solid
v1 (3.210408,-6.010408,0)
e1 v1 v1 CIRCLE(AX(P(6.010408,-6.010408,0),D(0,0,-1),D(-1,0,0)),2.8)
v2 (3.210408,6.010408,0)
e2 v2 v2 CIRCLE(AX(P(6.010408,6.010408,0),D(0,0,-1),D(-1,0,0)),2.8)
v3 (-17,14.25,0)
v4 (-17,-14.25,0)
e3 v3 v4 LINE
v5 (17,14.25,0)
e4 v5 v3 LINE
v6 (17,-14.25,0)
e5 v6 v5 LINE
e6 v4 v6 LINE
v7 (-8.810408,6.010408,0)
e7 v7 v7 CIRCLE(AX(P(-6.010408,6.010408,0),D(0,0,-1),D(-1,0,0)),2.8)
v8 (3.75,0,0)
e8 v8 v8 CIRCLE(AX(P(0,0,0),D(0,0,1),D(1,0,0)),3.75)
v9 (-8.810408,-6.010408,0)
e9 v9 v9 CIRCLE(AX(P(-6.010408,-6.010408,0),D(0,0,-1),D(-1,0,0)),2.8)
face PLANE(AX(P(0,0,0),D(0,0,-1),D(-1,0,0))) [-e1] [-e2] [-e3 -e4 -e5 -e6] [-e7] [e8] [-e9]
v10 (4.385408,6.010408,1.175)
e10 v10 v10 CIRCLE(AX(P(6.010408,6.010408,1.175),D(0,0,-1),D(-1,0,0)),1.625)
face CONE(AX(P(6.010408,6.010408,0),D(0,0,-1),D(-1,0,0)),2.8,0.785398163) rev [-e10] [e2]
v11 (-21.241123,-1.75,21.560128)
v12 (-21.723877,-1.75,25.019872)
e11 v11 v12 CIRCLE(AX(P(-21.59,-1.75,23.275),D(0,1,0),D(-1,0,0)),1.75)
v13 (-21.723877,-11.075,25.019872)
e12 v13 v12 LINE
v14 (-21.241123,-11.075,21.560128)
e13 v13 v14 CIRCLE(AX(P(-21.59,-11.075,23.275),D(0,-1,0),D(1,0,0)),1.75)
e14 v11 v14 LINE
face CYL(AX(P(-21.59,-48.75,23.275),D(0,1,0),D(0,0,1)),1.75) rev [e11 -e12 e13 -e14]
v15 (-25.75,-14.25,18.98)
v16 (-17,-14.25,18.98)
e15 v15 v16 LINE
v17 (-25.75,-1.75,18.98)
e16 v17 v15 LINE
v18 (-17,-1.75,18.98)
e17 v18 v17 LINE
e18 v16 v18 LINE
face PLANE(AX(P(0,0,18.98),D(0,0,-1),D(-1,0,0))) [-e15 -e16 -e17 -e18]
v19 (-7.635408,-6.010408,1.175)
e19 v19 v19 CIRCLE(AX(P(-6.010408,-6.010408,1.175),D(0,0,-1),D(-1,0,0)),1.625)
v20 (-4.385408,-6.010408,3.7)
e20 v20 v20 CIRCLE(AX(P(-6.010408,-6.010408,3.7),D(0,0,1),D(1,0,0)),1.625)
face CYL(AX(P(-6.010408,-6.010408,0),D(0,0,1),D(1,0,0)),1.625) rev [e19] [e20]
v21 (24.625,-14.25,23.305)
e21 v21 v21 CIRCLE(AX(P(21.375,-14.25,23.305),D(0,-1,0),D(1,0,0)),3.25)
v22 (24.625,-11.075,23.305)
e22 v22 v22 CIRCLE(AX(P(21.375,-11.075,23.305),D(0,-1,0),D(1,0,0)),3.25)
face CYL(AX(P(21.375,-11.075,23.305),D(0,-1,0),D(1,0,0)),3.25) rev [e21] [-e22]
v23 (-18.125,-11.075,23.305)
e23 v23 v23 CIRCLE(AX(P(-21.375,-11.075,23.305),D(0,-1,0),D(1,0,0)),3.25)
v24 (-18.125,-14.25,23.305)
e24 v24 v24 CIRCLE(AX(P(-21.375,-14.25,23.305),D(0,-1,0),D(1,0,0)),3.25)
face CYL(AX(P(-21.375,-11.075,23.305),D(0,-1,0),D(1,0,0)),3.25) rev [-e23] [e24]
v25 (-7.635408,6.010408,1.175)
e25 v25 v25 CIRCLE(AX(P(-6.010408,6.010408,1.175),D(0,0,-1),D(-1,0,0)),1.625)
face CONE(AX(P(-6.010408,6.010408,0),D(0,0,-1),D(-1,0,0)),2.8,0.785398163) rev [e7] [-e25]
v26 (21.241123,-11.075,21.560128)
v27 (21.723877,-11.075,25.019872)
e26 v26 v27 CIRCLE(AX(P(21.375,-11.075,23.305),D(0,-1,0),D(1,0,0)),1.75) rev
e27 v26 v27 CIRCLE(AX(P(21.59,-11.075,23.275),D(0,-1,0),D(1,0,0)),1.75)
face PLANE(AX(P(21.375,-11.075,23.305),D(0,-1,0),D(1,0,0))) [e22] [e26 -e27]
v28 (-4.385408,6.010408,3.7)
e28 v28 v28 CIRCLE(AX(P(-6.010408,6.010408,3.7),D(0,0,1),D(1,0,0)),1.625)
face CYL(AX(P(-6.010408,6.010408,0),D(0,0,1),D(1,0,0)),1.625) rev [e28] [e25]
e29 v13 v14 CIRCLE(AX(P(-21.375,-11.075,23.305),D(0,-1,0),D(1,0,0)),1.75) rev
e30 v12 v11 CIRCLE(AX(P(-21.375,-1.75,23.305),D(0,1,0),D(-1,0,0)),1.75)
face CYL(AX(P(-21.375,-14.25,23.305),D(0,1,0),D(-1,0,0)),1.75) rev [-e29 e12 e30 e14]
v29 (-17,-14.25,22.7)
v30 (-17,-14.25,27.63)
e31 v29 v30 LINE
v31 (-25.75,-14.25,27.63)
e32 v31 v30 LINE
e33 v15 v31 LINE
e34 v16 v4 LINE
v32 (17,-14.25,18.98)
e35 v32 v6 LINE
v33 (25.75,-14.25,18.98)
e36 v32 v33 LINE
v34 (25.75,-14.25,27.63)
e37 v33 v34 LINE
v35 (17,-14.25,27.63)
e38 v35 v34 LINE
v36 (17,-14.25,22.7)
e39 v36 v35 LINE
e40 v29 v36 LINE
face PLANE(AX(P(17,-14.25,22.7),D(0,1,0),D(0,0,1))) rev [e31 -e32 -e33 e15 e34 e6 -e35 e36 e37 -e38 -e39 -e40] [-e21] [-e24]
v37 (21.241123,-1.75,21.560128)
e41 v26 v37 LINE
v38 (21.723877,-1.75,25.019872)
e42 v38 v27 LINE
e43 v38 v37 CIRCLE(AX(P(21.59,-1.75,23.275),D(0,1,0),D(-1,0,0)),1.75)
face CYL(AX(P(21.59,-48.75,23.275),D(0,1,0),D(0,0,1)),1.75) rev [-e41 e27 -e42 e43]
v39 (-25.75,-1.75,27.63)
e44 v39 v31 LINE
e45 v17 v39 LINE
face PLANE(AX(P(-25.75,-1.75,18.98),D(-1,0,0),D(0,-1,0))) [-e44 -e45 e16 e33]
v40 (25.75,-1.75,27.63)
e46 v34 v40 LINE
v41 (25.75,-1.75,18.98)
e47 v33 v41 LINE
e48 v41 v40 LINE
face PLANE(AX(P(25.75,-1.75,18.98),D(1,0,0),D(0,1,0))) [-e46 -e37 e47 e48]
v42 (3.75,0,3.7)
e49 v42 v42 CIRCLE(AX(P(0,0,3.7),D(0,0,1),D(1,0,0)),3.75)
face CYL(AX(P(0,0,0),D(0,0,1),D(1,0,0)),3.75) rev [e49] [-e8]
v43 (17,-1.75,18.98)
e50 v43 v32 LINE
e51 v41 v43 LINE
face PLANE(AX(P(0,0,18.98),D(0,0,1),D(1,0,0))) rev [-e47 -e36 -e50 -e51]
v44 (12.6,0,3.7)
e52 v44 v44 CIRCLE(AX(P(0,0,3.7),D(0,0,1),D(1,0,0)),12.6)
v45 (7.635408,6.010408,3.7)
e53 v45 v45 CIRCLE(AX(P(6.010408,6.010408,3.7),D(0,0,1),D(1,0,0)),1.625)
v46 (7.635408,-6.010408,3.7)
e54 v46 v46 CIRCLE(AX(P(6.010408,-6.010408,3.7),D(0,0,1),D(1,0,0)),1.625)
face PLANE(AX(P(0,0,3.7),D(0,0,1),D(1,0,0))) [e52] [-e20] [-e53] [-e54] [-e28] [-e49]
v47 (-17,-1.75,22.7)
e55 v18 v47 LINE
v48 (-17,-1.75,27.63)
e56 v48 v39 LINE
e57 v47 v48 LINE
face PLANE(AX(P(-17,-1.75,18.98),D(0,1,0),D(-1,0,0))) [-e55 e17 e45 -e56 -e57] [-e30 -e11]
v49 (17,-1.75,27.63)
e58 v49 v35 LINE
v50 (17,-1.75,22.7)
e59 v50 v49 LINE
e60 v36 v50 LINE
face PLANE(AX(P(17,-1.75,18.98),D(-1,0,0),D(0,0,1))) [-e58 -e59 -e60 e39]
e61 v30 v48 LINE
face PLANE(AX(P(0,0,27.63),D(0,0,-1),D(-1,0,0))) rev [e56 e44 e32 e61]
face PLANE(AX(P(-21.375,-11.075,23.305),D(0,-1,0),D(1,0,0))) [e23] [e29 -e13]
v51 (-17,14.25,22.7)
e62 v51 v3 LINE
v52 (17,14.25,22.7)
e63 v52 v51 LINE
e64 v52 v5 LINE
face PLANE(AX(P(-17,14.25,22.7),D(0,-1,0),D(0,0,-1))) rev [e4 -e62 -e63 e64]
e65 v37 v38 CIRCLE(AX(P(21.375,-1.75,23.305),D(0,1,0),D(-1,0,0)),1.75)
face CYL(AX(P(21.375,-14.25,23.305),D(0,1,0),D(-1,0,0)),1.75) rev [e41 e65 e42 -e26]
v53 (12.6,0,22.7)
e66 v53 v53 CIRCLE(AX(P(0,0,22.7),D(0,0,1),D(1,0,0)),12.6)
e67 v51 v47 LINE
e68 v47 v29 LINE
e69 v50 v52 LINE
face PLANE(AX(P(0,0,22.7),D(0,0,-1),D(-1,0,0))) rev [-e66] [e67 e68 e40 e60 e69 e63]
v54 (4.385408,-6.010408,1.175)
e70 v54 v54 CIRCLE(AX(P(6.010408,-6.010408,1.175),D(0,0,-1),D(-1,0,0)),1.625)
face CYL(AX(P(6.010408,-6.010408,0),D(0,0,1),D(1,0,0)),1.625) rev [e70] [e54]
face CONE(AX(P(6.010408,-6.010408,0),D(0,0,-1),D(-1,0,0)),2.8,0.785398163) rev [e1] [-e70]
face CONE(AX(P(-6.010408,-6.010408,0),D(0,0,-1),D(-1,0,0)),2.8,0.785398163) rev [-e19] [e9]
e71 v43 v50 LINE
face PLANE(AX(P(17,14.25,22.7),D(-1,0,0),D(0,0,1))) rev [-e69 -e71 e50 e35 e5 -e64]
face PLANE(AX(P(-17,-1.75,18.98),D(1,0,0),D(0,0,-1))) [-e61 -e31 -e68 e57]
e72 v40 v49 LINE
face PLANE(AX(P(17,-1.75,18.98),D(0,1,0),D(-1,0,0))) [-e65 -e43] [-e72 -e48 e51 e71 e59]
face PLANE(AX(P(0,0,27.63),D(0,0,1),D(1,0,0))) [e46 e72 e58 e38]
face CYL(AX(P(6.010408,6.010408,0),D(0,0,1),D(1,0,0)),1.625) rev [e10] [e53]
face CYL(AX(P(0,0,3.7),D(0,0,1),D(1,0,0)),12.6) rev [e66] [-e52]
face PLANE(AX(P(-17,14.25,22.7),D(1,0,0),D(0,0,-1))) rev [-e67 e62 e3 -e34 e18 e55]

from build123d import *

# Parameters (mm, degrees)
SKETCH1_W                = 34
SKETCH1_H                = 28.5
BOSS_EXTRUDE1_DEPTH      = 22.7
SKETCH3_R                = 12.6
CUT_EXTRUDE1_DEPTH       = 19
SKETCH5_R                = 1.625
SKETCH5_R_2              = 3.75
CUT_EXTRUDE2_DEPTH       = 30.207233693
BOSS_EXTRUDE2_DEPTH      = 4.93
BOSS_EXTRUDE2_DEPTH_BACK = 3.72
SKETCH7_W                = 8.75
SKETCH7_H                = 12.5
SKETCH8_R                = 1.75
CUT_EXTRUDE3_DEPTH       = 42.018037496
SKETCH9_R                = 3.25
CUT_EXTRUDE4_DEPTH       = 3.175
SKETCH14_R               = 1.75
CUT_EXTRUDE8_DEPTH       = 50


with BuildPart() as part:
    # Sketch1 → Boss-Extrude1 (new body)
    with BuildSketch(Plane.XY):
        Rectangle(SKETCH1_W, SKETCH1_H)
    extrude(amount=BOSS_EXTRUDE1_DEPTH)

    # Sketch3 → Cut-Extrude1 (cut)
    with BuildSketch(Plane.XY.offset(22.7)):
        Circle(SKETCH3_R)
    extrude(amount=-CUT_EXTRUDE1_DEPTH, mode=Mode.SUBTRACT)

    # Sketch5 → Cut-Extrude2 (cut, through all)
    with BuildSketch(Plane.XY.offset(3.7)):
        with Locations((6.01040764, 6.01040764)):
            Circle(SKETCH5_R)
        with Locations((-6.01040764, 6.01040764)):
            Circle(SKETCH5_R)
        with Locations((6.01040764, -6.01040764)):
            Circle(SKETCH5_R)
        with Locations((-6.01040764, -6.01040764)):
            Circle(SKETCH5_R)
        Circle(SKETCH5_R_2)
    extrude(amount=-CUT_EXTRUDE2_DEPTH, mode=Mode.SUBTRACT)

    # Sketch7 → Boss-Extrude2 (add, two sides: drawn at the far end of the back side and taken through both)
    with BuildSketch(Plane.XY.offset(22.7).offset(-BOSS_EXTRUDE2_DEPTH_BACK)):
        with Locations((-21.375, -8)):
            Rectangle(SKETCH7_W, SKETCH7_H)
        with Locations((21.375, -8)):
            Rectangle(SKETCH7_W, SKETCH7_H)
    extrude(amount=BOSS_EXTRUDE2_DEPTH + BOSS_EXTRUDE2_DEPTH_BACK)

    # Sketch8 → Cut-Extrude3 (cut, through all)
    with BuildSketch(Plane(origin=(0, -1.75, 0), x_dir=(1, 0, 0), z_dir=(0, 1, 0))):
        with Locations(Location((21.375, -23.305, 0), (0, 0, 180))):
            Circle(SKETCH8_R)
        with Locations(Location((-21.375, -23.305, 0), (0, 0, 180))):
            Circle(SKETCH8_R)
    extrude(amount=-CUT_EXTRUDE3_DEPTH, mode=Mode.SUBTRACT)

    # Sketch9 → Cut-Extrude4 (cut)
    with BuildSketch(Plane.XZ.offset(14.25)):
        with Locations((-21.375, 23.305)):
            Circle(SKETCH9_R)
        with Locations((21.375, 23.305)):
            Circle(SKETCH9_R)
    extrude(amount=-CUT_EXTRUDE4_DEPTH, mode=Mode.SUBTRACT)

    # Cut-Extrude5 cone 1 section (through the dimple's axis) → Cut-Extrude5 (revolve, cut)
    with BuildSketch(Plane(origin=(-6.01040764, 6.01040764, 0), x_dir=(0, 1, 0), z_dir=(1, 0, 0))):
        Polygon((0, 0), (2.8, 0), (0, 2.8), align=None)
    revolve(axis=Axis((-6.01040764, 6.01040764, 0), (0, 0, 1)), mode=Mode.SUBTRACT)

    # Cut-Extrude5 cone 2 section (through the dimple's axis) → Cut-Extrude5 cone 2 (revolve, cut)
    with BuildSketch(Plane(origin=(-6.01040764, -6.01040764, 0), x_dir=(0, 1, 0), z_dir=(1, 0, 0))):
        Polygon((0, 0), (2.8, 0), (0, 2.8), align=None)
    revolve(axis=Axis((-6.01040764, -6.01040764, 0), (0, 0, 1)), mode=Mode.SUBTRACT)

    # Cut-Extrude5 cone 3 section (through the dimple's axis) → Cut-Extrude5 cone 3 (revolve, cut)
    with BuildSketch(Plane(origin=(6.01040764, -6.01040764, 0), x_dir=(0, 1, 0), z_dir=(1, 0, 0))):
        Polygon((0, 0), (2.8, 0), (0, 2.8), align=None)
    revolve(axis=Axis((6.01040764, -6.01040764, 0), (0, 0, 1)), mode=Mode.SUBTRACT)

    # Cut-Extrude5 cone 4 section (through the dimple's axis) → Cut-Extrude5 cone 4 (revolve, cut)
    with BuildSketch(Plane(origin=(6.01040764, 6.01040764, 0), x_dir=(0, 1, 0), z_dir=(1, 0, 0))):
        Polygon((0, 0), (2.8, 0), (0, 2.8), align=None)
    revolve(axis=Axis((6.01040764, 6.01040764, 0), (0, 0, 1)), mode=Mode.SUBTRACT)

    # Sketch14 → Cut-Extrude8 (cut)
    with BuildSketch(Plane(origin=(132.323959999, 1.25, 25.756345109), x_dir=(1, 0, 0), z_dir=(0, 1, 0))):
        with Locations((-110.733959999, 2.481345109)):
            Circle(SKETCH14_R)
        with Locations((-153.913959999, 2.481345109)):
            Circle(SKETCH14_R)
    extrude(amount=-CUT_EXTRUDE8_DEPTH, mode=Mode.SUBTRACT)


solid = part.part
